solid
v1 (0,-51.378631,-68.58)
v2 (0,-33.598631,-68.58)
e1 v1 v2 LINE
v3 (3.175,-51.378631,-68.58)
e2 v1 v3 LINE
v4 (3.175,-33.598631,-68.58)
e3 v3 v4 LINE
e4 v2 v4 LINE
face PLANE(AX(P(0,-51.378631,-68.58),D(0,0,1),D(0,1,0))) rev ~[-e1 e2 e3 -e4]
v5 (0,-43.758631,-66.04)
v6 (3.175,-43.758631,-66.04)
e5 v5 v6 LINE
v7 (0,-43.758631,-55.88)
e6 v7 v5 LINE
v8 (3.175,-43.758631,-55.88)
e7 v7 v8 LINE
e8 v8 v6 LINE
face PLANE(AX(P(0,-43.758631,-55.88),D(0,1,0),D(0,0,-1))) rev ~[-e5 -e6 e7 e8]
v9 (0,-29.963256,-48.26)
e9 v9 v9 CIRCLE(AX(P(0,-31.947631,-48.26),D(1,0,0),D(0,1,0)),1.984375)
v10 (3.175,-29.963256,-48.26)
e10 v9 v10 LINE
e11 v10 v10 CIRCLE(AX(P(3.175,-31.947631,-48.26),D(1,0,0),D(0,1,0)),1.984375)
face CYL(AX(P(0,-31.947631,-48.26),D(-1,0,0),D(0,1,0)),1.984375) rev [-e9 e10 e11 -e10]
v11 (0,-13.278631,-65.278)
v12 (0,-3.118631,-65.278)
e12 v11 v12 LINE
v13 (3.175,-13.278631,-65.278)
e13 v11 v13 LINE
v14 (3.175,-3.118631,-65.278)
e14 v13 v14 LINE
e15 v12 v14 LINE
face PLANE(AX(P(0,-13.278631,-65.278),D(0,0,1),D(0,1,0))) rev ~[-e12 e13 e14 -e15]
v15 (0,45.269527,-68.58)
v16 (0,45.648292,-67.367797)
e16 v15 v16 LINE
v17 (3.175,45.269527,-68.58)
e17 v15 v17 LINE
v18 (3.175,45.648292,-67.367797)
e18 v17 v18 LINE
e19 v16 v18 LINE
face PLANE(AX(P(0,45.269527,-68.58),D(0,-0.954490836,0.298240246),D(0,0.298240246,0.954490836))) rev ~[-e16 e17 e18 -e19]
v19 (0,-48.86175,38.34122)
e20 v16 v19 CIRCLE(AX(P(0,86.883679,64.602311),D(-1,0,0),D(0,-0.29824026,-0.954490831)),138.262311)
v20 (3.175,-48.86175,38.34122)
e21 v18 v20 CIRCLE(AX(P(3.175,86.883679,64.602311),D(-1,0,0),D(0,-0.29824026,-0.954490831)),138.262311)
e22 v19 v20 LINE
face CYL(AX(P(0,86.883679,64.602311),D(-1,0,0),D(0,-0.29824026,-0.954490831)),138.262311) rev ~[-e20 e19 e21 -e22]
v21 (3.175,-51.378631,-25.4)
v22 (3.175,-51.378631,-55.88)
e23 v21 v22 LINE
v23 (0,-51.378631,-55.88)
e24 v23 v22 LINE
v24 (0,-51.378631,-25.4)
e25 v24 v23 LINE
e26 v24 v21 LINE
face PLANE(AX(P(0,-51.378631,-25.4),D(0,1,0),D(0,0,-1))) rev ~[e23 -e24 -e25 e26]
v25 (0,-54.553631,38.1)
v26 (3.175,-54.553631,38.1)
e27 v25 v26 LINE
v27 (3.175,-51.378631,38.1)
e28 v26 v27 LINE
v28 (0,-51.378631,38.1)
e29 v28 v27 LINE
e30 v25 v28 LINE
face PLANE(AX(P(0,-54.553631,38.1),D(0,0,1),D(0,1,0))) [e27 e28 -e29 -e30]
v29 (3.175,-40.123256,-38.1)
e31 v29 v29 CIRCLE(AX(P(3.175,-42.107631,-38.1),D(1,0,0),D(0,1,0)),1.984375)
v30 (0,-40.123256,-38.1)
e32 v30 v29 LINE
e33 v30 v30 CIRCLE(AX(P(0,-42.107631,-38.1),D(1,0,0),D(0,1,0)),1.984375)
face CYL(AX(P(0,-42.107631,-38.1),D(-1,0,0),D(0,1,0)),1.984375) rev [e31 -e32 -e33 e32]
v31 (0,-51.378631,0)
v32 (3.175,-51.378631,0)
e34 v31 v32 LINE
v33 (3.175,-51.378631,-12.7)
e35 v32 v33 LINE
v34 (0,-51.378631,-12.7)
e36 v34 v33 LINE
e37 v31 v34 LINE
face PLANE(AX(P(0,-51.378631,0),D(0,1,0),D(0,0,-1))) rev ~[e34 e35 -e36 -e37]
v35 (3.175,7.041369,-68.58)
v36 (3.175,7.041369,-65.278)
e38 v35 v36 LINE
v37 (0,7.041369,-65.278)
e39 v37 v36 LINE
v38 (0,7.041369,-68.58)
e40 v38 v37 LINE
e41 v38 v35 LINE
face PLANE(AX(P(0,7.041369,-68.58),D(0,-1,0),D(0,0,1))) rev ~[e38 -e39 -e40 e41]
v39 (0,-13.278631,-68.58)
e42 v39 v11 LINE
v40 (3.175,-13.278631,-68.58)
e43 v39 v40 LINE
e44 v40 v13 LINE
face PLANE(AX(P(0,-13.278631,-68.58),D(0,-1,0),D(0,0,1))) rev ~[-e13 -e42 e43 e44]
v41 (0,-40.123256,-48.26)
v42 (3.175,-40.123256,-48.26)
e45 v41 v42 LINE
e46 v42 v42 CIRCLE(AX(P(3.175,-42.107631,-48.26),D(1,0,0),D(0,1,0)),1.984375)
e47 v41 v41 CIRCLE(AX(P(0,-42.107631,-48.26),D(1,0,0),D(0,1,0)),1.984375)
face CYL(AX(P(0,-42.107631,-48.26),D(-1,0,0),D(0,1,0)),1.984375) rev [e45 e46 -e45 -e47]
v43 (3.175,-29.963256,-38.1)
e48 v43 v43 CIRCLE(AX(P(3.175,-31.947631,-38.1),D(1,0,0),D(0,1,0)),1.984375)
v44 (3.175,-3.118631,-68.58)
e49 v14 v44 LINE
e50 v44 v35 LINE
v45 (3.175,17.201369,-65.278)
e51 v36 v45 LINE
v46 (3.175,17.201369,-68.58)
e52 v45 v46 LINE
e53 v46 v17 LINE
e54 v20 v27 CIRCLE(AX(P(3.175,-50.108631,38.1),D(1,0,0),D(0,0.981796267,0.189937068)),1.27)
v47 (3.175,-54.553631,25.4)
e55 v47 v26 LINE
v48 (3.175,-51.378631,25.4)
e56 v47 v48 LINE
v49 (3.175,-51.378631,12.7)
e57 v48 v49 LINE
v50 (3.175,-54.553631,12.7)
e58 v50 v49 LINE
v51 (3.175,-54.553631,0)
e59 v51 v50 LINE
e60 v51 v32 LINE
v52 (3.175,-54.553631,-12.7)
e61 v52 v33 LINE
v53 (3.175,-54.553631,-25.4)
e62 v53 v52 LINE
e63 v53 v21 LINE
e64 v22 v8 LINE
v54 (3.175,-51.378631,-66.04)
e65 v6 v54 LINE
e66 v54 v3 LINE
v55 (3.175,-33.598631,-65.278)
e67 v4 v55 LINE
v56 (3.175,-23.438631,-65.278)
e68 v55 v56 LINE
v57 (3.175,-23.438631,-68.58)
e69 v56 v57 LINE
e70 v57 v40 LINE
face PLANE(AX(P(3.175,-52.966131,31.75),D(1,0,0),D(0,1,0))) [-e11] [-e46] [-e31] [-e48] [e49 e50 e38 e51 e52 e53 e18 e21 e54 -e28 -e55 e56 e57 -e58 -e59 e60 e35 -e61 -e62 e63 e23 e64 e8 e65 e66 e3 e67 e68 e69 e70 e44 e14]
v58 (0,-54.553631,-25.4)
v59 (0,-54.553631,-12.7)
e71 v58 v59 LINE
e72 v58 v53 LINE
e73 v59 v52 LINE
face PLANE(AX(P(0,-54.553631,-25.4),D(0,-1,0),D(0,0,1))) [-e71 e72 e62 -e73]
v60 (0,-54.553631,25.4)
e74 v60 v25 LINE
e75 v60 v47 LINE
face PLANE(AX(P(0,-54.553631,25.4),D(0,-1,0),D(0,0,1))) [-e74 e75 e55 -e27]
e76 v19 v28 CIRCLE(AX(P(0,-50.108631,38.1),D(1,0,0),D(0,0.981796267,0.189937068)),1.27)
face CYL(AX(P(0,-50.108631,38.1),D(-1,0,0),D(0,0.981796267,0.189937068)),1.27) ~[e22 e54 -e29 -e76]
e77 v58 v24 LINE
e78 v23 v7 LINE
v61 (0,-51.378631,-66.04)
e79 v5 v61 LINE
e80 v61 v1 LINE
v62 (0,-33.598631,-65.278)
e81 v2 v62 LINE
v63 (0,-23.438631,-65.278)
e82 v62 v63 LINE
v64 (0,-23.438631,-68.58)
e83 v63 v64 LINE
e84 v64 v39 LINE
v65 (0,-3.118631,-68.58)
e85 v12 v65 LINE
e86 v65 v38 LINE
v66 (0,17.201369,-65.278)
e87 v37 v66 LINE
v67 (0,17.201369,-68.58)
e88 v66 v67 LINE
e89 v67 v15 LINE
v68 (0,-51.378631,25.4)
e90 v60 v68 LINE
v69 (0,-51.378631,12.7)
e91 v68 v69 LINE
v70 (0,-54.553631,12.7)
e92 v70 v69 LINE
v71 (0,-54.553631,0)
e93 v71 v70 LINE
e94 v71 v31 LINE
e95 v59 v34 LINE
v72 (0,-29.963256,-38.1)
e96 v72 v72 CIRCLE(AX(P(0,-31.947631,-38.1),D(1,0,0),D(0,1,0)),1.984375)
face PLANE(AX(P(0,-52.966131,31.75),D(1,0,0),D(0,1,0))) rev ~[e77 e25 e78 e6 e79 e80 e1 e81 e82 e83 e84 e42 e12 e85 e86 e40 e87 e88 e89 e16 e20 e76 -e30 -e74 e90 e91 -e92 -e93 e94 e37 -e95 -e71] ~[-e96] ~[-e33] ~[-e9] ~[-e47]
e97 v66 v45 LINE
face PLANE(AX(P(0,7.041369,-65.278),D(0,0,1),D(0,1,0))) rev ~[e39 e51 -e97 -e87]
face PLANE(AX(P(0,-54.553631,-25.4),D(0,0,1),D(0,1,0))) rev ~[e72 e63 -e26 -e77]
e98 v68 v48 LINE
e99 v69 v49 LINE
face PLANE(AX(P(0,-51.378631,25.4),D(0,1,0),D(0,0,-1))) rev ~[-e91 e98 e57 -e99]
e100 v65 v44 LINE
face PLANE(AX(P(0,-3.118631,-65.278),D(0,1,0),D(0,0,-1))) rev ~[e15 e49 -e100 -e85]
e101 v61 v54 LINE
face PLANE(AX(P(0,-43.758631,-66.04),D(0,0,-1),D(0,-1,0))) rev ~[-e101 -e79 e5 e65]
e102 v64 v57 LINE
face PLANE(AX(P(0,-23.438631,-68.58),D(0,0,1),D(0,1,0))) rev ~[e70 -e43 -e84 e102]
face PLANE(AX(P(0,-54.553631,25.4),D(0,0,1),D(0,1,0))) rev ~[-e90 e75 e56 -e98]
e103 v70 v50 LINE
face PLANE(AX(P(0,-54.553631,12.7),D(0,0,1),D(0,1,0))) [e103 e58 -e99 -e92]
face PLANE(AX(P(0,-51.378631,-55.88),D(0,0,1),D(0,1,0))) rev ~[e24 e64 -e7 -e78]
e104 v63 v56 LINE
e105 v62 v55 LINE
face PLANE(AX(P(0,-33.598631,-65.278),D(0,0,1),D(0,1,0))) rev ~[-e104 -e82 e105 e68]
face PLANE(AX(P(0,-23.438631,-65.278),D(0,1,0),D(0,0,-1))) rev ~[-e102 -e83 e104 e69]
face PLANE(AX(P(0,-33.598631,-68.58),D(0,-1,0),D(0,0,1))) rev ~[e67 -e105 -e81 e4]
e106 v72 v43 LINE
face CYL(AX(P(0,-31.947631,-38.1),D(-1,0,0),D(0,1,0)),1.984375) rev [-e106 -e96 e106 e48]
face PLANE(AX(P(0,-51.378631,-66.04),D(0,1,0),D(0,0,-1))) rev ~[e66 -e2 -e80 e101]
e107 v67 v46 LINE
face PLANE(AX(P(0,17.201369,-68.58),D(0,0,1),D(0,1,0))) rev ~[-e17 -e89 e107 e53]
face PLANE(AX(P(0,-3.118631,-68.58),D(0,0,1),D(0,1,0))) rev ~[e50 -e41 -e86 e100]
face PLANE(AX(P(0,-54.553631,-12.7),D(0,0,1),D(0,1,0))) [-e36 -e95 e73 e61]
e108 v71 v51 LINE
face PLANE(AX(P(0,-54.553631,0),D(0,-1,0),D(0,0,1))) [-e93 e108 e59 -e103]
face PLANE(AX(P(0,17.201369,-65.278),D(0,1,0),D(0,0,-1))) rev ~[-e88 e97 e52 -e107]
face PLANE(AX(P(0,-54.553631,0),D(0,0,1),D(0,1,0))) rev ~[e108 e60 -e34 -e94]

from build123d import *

# Parameters (mm, degrees)
F0_W     = 3.175
F0_H     = 12.7
F0_R     = 1.984375
F1_DEPTH = 3.175


with BuildPart() as f1:
    # F0 (on Right) → F1 (new body)
    with BuildSketch(Plane.YZ):
        with Locations((-52.966131, 31.75)):
            Rectangle(F0_W, F0_H)
        with Locations((-52.966131, 6.35)):
            Rectangle(F0_W, F0_H)
        with Locations((-52.966131, -19.05)):
            Rectangle(F0_W, F0_H)
        with BuildLine():
            ThreePointArc((-48.86175, 38.34122), (-50.229793, 39.364207), (-51.378631, 38.1))
            Line((-51.378631, 38.1), (-51.378631, 25.4))
            Line((-51.378631, 25.4), (-51.378631, 12.7))
            Line((-51.378631, 12.7), (-51.378631, 0))
            Line((-51.378631, 0), (-51.378631, -12.7))
            Line((-51.378631, -12.7), (-51.378631, -25.4))
            Line((-51.378631, -25.4), (-51.378631, -55.88))
            Line((-51.378631, -55.88), (-43.758631, -55.88))
            Line((-43.758631, -55.88), (-43.758631, -66.04))
            Line((-43.758631, -66.04), (-51.378631, -66.04))
            Line((-51.378631, -66.04), (-51.378631, -68.58))
            Line((-51.378631, -68.58), (-33.598631, -68.58))
            Line((-33.598631, -68.58), (-33.598631, -65.278))
            Line((-33.598631, -65.278), (-23.438631, -65.278))
            Line((-23.438631, -65.278), (-23.438631, -68.58))
            Line((-23.438631, -68.58), (-13.278631, -68.58))
            Line((-13.278631, -68.58), (-13.278631, -65.278))
            Line((-13.278631, -65.278), (-3.118631, -65.278))
            Line((-3.118631, -65.278), (-3.118631, -68.58))
            Line((-3.118631, -68.58), (7.041369, -68.58))
            Line((7.041369, -68.58), (7.041369, -65.278))
            Line((7.041369, -65.278), (17.201369, -65.278))
            Line((17.201369, -65.278), (17.201369, -68.58))
            Line((17.201369, -68.58), (45.269527, -68.58))
            Line((45.269527, -68.58), (45.648292, -67.367797))
            ThreePointArc((45.648292, -67.367797), (-16.189845, -27.551447), (-48.86175, 38.34122))
        make_face()
        with Locations((-42.107631, -48.26)):
            Circle(F0_R, mode=Mode.SUBTRACT)
        with Locations((-31.947631, -48.26)):
            Circle(F0_R, mode=Mode.SUBTRACT)
        with Locations((-42.107631, -38.1)):
            Circle(F0_R, mode=Mode.SUBTRACT)
        with Locations((-31.947631, -38.1)):
            Circle(F0_R, mode=Mode.SUBTRACT)
    extrude(amount=F1_DEPTH)


solid = f1.part
